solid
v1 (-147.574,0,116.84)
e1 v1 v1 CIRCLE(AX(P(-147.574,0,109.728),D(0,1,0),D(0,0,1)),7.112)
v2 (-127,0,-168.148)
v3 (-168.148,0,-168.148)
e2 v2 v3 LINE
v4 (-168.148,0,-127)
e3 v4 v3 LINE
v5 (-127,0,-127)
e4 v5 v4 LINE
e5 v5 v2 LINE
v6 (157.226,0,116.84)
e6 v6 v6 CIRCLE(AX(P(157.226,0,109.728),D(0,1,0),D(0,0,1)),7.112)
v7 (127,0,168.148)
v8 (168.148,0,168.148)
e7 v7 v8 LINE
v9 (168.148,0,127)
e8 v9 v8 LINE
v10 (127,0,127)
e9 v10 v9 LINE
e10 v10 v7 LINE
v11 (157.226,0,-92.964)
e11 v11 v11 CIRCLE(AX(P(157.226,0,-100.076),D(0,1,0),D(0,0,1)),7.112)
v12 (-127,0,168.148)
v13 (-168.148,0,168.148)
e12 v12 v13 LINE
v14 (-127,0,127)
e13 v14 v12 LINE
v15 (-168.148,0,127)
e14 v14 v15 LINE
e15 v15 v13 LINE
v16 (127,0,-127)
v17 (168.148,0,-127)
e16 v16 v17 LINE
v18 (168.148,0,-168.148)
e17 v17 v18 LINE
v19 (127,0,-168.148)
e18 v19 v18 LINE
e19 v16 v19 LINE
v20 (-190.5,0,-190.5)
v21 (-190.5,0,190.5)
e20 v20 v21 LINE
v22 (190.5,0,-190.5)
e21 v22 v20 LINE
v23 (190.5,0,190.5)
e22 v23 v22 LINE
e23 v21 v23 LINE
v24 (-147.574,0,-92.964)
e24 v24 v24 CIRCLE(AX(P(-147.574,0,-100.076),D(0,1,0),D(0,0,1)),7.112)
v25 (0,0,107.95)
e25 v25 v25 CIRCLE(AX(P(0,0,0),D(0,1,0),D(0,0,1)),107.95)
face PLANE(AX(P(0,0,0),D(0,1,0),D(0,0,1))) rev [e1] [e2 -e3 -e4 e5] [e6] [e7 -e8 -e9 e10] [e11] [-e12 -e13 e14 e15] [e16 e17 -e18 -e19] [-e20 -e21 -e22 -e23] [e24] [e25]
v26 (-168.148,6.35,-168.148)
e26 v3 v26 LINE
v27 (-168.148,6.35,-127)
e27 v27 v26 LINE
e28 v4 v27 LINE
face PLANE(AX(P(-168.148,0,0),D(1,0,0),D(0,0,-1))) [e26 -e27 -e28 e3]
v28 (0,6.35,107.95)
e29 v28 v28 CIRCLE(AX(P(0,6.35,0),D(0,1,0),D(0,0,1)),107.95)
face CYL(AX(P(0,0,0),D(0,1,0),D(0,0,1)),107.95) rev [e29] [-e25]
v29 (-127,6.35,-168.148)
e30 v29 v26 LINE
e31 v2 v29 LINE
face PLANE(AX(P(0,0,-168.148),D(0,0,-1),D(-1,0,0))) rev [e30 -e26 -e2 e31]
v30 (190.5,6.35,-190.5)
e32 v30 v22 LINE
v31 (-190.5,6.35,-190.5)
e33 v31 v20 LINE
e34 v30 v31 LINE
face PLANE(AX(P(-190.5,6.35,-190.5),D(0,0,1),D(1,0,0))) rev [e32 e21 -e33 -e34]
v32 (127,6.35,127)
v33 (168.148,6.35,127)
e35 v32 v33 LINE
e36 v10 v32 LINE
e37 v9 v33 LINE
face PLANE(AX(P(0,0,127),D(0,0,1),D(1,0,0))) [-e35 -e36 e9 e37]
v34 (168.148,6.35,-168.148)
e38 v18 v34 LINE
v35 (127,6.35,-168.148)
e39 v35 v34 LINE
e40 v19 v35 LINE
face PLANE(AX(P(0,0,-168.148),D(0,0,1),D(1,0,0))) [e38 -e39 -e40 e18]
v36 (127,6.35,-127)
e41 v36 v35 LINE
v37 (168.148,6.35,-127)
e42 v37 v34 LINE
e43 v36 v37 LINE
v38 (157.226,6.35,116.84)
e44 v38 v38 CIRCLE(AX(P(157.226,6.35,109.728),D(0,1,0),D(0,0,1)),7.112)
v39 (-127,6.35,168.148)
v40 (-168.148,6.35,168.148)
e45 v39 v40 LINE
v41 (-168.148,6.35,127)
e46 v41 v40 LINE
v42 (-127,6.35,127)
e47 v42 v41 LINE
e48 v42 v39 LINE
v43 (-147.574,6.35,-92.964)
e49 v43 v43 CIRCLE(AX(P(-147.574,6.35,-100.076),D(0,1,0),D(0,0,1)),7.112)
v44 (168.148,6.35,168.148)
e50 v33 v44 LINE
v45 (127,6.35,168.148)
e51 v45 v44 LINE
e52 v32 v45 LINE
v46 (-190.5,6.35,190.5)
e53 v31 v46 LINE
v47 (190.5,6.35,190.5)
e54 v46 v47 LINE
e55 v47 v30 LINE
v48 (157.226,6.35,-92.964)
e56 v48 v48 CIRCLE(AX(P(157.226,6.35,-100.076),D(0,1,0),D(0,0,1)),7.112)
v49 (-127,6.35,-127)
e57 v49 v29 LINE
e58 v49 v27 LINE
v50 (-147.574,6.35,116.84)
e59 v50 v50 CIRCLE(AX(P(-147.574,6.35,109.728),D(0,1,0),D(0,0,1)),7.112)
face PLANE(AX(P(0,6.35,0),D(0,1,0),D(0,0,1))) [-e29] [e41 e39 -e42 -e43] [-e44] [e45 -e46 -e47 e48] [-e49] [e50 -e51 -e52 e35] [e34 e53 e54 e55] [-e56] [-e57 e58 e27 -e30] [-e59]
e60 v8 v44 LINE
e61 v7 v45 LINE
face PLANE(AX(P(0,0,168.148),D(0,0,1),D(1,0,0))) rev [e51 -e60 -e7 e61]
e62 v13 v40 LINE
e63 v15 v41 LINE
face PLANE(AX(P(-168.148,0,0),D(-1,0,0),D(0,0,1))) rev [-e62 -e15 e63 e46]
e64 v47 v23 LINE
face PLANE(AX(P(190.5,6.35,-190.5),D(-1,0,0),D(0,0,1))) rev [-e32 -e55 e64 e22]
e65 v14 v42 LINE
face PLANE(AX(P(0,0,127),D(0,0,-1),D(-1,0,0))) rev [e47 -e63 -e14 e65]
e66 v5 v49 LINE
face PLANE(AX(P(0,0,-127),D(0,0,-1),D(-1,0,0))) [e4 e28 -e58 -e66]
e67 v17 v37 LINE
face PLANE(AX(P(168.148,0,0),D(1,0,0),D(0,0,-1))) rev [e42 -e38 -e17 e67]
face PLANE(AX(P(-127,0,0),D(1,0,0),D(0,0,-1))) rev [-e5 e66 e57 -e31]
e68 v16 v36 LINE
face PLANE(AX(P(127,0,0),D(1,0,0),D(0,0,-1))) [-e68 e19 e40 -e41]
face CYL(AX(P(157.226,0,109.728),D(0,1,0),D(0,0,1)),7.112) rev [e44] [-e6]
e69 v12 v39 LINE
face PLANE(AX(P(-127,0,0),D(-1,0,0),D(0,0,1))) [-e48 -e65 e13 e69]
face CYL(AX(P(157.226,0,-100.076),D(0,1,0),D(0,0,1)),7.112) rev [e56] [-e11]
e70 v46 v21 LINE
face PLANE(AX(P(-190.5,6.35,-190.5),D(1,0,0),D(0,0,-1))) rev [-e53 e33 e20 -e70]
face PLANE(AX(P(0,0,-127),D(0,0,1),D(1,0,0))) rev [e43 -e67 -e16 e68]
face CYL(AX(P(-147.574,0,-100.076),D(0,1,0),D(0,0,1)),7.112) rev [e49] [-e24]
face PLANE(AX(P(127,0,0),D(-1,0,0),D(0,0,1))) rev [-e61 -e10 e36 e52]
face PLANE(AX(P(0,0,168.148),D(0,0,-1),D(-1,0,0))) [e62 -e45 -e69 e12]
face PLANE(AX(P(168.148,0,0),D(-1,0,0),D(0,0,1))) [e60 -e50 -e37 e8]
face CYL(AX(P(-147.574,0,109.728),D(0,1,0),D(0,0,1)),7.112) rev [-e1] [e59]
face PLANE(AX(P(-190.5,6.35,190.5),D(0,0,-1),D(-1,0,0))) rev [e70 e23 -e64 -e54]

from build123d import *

# Parameters (mm, degrees)
SKETCH1_W           = 381
SKETCH1_H           = 381
BOSS_EXTRUDE1_DEPTH = 6.35
SKETCH2_R           = 107.95
CUT_EXTRUDE1_DEPTH  = 6.35
SKETCH3_W           = 41.148
SKETCH3_H           = 41.148
CUT_EXTRUDE2_DEPTH  = 6.35
SKETCH3_4_R         = 7.112
CUT_EXTRUDE3_DEPTH  = 270.482508709


with BuildPart() as part:
    # Sketch1 → Boss-Extrude1 (new body)
    with BuildSketch(Plane(origin=(0, 0, 0), x_dir=(1, 0, 0), z_dir=(0, 1, 0))):
        Rectangle(SKETCH1_W, SKETCH1_H)
    extrude(amount=BOSS_EXTRUDE1_DEPTH)

    # Sketch2 → Cut-Extrude1 (cut)
    with BuildSketch(Plane(origin=(0, 6.35, 0), x_dir=(1, 0, 0), z_dir=(0, 1, 0))):
        Circle(SKETCH2_R)
    extrude(amount=-CUT_EXTRUDE1_DEPTH, mode=Mode.SUBTRACT)

    # Sketch3 → Cut-Extrude2 (cut)
    with BuildSketch(Plane(origin=(0, 6.35, 0), x_dir=(1, 0, 0), z_dir=(0, 1, 0))):
        with Locations((147.574, 147.574)):
            Rectangle(SKETCH3_W, SKETCH3_H)
        with Locations((-147.574, 147.574)):
            Rectangle(SKETCH3_W, SKETCH3_H)
        with Locations((147.574, -147.574)):
            Rectangle(SKETCH3_W, SKETCH3_H)
        with Locations((-147.574, -147.574)):
            Rectangle(SKETCH3_W, SKETCH3_H)
    extrude(amount=-CUT_EXTRUDE2_DEPTH, mode=Mode.SUBTRACT)

    # Sketch3<4> → Cut-Extrude3 (cut, through all)
    with BuildSketch(Plane(origin=(0, 6.35, 0), x_dir=(1, 0, 0), z_dir=(0, 1, 0))):
        with Locations((-147.574, 100.076)):
            Circle(SKETCH3_4_R)
        with Locations((157.226, 100.076)):
            Circle(SKETCH3_4_R)
        with Locations((157.226, -109.728)):
            Circle(SKETCH3_4_R)
        with Locations((-147.574, -109.728)):
            Circle(SKETCH3_4_R)
    extrude(amount=-CUT_EXTRUDE3_DEPTH, mode=Mode.SUBTRACT)


solid = part.part
